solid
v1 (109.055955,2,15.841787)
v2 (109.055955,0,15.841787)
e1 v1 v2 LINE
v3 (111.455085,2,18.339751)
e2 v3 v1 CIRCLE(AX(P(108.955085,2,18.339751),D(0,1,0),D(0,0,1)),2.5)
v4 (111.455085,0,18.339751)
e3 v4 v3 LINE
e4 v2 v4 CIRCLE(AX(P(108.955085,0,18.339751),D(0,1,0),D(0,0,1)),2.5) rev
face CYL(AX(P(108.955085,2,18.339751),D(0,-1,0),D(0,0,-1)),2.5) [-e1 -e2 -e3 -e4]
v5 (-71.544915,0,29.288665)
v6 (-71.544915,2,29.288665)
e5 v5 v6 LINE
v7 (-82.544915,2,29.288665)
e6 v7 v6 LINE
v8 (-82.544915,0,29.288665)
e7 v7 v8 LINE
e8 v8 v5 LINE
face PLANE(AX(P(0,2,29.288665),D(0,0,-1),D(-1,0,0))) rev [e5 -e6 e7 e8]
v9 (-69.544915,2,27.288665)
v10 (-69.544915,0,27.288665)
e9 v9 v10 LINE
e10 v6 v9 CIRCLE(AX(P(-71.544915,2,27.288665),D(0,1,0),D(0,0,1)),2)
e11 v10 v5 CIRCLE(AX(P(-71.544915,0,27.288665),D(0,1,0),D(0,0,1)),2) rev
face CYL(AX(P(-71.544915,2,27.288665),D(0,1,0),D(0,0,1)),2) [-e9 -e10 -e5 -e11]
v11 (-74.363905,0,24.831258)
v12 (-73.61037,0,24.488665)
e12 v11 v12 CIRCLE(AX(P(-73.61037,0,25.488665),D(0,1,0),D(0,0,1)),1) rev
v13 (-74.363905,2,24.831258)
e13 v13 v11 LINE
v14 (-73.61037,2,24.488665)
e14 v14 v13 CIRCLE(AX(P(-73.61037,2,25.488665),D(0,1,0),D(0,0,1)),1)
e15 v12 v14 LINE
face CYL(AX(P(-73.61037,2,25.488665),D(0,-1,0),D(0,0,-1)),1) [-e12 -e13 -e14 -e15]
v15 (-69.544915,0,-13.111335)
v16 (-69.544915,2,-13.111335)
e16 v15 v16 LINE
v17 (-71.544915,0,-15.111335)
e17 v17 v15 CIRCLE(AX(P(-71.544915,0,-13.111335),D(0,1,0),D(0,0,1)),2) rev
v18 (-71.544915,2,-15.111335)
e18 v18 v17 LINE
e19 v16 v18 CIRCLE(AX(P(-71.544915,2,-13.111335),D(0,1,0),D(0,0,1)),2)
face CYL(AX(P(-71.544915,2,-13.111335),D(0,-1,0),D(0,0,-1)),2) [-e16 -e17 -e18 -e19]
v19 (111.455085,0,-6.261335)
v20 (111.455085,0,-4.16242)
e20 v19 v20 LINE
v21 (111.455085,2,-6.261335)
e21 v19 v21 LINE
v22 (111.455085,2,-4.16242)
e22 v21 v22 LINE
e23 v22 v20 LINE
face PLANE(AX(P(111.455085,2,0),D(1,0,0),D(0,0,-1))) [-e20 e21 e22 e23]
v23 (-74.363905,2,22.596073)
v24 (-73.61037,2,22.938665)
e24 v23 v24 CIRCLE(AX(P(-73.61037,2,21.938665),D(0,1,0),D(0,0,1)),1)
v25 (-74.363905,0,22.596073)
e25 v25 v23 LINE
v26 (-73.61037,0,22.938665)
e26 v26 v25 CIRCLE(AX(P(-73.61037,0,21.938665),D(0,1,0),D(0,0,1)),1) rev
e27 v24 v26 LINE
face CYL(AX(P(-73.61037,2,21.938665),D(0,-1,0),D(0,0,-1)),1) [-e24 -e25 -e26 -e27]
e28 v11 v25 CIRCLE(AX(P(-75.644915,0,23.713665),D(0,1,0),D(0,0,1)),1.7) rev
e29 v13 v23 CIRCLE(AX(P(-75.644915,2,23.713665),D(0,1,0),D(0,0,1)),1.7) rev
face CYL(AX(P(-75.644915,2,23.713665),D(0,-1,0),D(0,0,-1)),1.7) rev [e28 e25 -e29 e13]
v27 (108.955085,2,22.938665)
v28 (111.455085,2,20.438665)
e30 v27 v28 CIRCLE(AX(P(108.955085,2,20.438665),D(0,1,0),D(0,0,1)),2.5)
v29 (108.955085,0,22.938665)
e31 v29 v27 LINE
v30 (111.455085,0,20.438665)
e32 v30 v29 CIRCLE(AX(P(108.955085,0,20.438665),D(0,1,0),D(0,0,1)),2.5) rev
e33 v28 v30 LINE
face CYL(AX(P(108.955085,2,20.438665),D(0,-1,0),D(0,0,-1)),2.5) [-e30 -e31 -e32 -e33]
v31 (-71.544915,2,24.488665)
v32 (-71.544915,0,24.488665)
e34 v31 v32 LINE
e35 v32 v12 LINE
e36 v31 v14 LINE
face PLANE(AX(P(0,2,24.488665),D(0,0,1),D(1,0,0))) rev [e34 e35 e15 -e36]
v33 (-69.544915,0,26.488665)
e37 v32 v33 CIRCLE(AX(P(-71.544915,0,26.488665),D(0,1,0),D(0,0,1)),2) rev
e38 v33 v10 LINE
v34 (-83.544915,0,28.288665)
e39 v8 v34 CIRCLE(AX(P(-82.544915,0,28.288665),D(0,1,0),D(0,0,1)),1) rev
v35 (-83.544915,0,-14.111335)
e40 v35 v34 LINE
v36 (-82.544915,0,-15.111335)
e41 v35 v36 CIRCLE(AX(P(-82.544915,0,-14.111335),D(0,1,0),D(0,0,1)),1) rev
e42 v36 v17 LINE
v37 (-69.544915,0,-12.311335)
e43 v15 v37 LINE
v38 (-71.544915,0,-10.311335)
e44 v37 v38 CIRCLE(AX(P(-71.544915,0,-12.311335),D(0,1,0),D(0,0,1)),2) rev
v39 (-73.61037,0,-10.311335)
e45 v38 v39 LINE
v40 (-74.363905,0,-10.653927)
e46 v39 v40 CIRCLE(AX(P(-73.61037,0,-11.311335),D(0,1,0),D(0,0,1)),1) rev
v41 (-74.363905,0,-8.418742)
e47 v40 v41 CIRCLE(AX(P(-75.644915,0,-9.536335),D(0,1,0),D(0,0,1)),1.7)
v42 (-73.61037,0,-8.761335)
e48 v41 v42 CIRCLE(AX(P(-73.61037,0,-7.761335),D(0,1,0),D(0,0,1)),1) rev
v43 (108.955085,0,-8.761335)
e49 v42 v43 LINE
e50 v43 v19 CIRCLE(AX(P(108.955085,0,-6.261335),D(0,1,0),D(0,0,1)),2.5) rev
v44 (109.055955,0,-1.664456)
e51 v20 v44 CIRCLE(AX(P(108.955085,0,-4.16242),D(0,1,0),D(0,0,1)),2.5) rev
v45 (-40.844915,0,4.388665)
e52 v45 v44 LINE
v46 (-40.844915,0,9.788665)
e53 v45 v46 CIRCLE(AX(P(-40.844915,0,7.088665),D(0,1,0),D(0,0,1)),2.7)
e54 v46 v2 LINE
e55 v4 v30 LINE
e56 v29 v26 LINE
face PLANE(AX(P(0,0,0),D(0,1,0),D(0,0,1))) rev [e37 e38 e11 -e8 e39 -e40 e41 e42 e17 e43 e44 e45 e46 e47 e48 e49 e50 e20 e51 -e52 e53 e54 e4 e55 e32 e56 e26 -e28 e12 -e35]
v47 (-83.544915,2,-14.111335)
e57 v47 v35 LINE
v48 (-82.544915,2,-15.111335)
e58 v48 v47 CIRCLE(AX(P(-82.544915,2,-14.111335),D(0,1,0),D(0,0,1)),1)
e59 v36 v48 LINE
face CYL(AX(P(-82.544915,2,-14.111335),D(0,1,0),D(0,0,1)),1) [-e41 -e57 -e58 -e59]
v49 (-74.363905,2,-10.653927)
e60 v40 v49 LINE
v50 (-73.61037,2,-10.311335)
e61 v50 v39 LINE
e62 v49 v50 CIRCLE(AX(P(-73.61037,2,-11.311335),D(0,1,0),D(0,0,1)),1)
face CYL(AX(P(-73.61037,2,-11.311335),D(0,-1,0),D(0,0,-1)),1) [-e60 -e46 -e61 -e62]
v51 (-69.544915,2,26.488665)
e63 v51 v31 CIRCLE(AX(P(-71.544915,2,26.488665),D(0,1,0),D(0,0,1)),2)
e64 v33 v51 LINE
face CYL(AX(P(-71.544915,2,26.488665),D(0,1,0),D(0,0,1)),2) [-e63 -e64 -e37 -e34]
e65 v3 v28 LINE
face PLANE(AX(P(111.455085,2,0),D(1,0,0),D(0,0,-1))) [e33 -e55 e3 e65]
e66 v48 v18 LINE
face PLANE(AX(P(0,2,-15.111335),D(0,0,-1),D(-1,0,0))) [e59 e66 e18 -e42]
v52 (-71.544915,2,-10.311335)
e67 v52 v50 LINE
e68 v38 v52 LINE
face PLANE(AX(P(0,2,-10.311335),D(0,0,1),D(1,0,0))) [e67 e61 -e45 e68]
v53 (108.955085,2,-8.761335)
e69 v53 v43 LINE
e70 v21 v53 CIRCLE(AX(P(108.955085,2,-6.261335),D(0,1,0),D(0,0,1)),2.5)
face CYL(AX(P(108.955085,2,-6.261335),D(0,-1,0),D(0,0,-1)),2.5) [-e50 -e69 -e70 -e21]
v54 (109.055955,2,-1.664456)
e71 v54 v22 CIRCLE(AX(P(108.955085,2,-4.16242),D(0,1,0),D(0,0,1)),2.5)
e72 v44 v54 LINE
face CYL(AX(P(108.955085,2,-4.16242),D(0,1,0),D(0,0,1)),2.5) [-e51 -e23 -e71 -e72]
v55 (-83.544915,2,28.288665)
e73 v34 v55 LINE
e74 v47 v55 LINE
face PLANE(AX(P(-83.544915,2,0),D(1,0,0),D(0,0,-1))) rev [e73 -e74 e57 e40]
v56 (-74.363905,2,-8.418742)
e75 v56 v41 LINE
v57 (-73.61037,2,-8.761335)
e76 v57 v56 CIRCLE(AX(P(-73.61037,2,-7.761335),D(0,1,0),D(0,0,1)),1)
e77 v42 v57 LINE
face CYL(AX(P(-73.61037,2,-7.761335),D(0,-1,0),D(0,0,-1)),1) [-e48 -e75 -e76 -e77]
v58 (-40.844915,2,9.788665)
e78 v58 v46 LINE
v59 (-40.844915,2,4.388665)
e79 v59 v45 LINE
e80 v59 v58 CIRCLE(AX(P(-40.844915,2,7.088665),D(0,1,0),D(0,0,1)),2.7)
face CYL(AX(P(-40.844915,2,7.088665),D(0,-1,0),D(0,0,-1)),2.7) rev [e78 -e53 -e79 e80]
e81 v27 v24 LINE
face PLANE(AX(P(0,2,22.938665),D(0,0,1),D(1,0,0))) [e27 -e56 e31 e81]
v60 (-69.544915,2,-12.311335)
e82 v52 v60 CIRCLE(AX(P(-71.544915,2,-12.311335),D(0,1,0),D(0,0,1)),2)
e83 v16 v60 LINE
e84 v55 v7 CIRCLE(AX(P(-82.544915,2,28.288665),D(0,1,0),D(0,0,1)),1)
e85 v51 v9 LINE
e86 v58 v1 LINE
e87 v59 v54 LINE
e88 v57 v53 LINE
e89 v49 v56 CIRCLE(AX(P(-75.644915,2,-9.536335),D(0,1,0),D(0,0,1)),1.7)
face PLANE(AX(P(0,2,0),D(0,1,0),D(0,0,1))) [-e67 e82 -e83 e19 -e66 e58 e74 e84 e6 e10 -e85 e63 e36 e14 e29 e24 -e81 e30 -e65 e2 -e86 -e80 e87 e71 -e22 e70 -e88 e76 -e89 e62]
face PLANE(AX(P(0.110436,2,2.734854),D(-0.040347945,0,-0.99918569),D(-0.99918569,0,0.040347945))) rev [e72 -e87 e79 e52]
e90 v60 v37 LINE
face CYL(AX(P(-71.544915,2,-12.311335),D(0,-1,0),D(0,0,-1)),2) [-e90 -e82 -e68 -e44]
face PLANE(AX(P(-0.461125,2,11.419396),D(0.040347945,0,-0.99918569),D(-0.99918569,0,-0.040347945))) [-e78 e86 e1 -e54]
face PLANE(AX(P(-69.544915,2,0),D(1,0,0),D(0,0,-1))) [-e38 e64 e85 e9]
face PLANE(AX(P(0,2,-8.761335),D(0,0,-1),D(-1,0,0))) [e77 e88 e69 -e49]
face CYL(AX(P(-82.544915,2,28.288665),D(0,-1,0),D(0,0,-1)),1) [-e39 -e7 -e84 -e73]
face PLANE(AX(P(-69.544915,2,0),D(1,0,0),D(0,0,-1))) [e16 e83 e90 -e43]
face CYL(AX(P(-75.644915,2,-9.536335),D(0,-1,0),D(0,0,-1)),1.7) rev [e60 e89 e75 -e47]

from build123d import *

# Parameters (mm, degrees)
BOSS_EXTRUDE1_DEPTH = 2
FILLET1_R           = 1
FILLET2_R           = 2
FILLET3_R           = 2.5


with BuildPart() as part:
    # Sketch1 → Boss-Extrude1 (new body)
    with BuildSketch(Plane(origin=(0, 0, 0), x_dir=(1, 0, 0), z_dir=(0, 1, 0))):
        with BuildLine():
            Line((-74.131846847, 10.311334612), (-69.544914922, 10.311334612))
            Line((-69.544914922, 10.311334612), (-69.544914922, 15.111334612))
            Line((-69.544914922, 15.111334612), (-83.544914922, 15.111334612))
            Line((-83.544914922, 15.111334612), (-83.544914922, -29.288665388))
            Line((-83.544914922, -29.288665388), (-69.544914922, -29.288665388))
            Line((-69.544914922, -29.288665388), (-69.544914922, -24.488665388))
            Line((-69.544914922, -24.488665388), (-74.131846847, -24.488665388))
            ThreePointArc((-74.131846847, -24.488665388), (-77.344914922, -23.713665388), (-74.131846847, -22.938665388))
            Line((-74.131846847, -22.938665388), (-69.544914922, -22.938665388))
            Line((-69.544914922, -22.938665388), (111.455085078, -22.938665388))
            Line((111.455085078, -22.938665388), (111.455085078, -15.938665388))
            Line((111.455085078, -15.938665388), (-40.844914922, -9.788665388))
            ThreePointArc((-40.844914922, -9.788665388), (-43.544914922, -7.088665388), (-40.844914922, -4.388665388))
            Line((-40.844914922, -4.388665388), (111.455085078, 1.761334612))
            Line((111.455085078, 1.761334612), (111.455085078, 8.761334612))
            Line((111.455085078, 8.761334612), (-69.544914922, 8.761334612))
            Line((-69.544914922, 8.761334612), (-74.131846847, 8.761334612))
            ThreePointArc((-74.131846847, 8.761334612), (-77.344914922, 9.536334612), (-74.131846847, 10.311334612))
        make_face()
    extrude(amount=BOSS_EXTRUDE1_DEPTH)

    # Fillet1
    fillet1_edges = [part.edges().sort_by_distance(p)[0] for p in [
        (-74.131846847, 1, 24.488665388),
        (-74.131846847, 1, 22.938665388),
        (-74.131846847, 1, -8.761334612),
        (-74.131846847, 1, -10.311334612),
        (-83.544914922, 1, -15.111334612),
        (-83.544914922, 1, 29.288665388),
    ]]
    fillet(fillet1_edges, radius=FILLET1_R)

    # Fillet2
    fillet2_edges = [part.edges().sort_by_distance(p)[0] for p in [
        (-69.544914922, 1, -15.111334612),
        (-69.544914922, 1, 29.288665388),
        (-69.544914922, 1, -10.311334612),
        (-69.544914922, 1, 24.488665388),
    ]]
    fillet(fillet2_edges, radius=FILLET2_R)

    # Fillet3
    fillet3_edges = [part.edges().sort_by_distance(p)[0] for p in [
        (111.455085078, 1, 22.938665388),
        (111.455085078, 1, 15.938665388),
        (111.455085078, 1, -8.761334612),
        (111.455085078, 1, -1.761334612),
    ]]
    fillet(fillet3_edges, radius=FILLET3_R)


solid = part.part
